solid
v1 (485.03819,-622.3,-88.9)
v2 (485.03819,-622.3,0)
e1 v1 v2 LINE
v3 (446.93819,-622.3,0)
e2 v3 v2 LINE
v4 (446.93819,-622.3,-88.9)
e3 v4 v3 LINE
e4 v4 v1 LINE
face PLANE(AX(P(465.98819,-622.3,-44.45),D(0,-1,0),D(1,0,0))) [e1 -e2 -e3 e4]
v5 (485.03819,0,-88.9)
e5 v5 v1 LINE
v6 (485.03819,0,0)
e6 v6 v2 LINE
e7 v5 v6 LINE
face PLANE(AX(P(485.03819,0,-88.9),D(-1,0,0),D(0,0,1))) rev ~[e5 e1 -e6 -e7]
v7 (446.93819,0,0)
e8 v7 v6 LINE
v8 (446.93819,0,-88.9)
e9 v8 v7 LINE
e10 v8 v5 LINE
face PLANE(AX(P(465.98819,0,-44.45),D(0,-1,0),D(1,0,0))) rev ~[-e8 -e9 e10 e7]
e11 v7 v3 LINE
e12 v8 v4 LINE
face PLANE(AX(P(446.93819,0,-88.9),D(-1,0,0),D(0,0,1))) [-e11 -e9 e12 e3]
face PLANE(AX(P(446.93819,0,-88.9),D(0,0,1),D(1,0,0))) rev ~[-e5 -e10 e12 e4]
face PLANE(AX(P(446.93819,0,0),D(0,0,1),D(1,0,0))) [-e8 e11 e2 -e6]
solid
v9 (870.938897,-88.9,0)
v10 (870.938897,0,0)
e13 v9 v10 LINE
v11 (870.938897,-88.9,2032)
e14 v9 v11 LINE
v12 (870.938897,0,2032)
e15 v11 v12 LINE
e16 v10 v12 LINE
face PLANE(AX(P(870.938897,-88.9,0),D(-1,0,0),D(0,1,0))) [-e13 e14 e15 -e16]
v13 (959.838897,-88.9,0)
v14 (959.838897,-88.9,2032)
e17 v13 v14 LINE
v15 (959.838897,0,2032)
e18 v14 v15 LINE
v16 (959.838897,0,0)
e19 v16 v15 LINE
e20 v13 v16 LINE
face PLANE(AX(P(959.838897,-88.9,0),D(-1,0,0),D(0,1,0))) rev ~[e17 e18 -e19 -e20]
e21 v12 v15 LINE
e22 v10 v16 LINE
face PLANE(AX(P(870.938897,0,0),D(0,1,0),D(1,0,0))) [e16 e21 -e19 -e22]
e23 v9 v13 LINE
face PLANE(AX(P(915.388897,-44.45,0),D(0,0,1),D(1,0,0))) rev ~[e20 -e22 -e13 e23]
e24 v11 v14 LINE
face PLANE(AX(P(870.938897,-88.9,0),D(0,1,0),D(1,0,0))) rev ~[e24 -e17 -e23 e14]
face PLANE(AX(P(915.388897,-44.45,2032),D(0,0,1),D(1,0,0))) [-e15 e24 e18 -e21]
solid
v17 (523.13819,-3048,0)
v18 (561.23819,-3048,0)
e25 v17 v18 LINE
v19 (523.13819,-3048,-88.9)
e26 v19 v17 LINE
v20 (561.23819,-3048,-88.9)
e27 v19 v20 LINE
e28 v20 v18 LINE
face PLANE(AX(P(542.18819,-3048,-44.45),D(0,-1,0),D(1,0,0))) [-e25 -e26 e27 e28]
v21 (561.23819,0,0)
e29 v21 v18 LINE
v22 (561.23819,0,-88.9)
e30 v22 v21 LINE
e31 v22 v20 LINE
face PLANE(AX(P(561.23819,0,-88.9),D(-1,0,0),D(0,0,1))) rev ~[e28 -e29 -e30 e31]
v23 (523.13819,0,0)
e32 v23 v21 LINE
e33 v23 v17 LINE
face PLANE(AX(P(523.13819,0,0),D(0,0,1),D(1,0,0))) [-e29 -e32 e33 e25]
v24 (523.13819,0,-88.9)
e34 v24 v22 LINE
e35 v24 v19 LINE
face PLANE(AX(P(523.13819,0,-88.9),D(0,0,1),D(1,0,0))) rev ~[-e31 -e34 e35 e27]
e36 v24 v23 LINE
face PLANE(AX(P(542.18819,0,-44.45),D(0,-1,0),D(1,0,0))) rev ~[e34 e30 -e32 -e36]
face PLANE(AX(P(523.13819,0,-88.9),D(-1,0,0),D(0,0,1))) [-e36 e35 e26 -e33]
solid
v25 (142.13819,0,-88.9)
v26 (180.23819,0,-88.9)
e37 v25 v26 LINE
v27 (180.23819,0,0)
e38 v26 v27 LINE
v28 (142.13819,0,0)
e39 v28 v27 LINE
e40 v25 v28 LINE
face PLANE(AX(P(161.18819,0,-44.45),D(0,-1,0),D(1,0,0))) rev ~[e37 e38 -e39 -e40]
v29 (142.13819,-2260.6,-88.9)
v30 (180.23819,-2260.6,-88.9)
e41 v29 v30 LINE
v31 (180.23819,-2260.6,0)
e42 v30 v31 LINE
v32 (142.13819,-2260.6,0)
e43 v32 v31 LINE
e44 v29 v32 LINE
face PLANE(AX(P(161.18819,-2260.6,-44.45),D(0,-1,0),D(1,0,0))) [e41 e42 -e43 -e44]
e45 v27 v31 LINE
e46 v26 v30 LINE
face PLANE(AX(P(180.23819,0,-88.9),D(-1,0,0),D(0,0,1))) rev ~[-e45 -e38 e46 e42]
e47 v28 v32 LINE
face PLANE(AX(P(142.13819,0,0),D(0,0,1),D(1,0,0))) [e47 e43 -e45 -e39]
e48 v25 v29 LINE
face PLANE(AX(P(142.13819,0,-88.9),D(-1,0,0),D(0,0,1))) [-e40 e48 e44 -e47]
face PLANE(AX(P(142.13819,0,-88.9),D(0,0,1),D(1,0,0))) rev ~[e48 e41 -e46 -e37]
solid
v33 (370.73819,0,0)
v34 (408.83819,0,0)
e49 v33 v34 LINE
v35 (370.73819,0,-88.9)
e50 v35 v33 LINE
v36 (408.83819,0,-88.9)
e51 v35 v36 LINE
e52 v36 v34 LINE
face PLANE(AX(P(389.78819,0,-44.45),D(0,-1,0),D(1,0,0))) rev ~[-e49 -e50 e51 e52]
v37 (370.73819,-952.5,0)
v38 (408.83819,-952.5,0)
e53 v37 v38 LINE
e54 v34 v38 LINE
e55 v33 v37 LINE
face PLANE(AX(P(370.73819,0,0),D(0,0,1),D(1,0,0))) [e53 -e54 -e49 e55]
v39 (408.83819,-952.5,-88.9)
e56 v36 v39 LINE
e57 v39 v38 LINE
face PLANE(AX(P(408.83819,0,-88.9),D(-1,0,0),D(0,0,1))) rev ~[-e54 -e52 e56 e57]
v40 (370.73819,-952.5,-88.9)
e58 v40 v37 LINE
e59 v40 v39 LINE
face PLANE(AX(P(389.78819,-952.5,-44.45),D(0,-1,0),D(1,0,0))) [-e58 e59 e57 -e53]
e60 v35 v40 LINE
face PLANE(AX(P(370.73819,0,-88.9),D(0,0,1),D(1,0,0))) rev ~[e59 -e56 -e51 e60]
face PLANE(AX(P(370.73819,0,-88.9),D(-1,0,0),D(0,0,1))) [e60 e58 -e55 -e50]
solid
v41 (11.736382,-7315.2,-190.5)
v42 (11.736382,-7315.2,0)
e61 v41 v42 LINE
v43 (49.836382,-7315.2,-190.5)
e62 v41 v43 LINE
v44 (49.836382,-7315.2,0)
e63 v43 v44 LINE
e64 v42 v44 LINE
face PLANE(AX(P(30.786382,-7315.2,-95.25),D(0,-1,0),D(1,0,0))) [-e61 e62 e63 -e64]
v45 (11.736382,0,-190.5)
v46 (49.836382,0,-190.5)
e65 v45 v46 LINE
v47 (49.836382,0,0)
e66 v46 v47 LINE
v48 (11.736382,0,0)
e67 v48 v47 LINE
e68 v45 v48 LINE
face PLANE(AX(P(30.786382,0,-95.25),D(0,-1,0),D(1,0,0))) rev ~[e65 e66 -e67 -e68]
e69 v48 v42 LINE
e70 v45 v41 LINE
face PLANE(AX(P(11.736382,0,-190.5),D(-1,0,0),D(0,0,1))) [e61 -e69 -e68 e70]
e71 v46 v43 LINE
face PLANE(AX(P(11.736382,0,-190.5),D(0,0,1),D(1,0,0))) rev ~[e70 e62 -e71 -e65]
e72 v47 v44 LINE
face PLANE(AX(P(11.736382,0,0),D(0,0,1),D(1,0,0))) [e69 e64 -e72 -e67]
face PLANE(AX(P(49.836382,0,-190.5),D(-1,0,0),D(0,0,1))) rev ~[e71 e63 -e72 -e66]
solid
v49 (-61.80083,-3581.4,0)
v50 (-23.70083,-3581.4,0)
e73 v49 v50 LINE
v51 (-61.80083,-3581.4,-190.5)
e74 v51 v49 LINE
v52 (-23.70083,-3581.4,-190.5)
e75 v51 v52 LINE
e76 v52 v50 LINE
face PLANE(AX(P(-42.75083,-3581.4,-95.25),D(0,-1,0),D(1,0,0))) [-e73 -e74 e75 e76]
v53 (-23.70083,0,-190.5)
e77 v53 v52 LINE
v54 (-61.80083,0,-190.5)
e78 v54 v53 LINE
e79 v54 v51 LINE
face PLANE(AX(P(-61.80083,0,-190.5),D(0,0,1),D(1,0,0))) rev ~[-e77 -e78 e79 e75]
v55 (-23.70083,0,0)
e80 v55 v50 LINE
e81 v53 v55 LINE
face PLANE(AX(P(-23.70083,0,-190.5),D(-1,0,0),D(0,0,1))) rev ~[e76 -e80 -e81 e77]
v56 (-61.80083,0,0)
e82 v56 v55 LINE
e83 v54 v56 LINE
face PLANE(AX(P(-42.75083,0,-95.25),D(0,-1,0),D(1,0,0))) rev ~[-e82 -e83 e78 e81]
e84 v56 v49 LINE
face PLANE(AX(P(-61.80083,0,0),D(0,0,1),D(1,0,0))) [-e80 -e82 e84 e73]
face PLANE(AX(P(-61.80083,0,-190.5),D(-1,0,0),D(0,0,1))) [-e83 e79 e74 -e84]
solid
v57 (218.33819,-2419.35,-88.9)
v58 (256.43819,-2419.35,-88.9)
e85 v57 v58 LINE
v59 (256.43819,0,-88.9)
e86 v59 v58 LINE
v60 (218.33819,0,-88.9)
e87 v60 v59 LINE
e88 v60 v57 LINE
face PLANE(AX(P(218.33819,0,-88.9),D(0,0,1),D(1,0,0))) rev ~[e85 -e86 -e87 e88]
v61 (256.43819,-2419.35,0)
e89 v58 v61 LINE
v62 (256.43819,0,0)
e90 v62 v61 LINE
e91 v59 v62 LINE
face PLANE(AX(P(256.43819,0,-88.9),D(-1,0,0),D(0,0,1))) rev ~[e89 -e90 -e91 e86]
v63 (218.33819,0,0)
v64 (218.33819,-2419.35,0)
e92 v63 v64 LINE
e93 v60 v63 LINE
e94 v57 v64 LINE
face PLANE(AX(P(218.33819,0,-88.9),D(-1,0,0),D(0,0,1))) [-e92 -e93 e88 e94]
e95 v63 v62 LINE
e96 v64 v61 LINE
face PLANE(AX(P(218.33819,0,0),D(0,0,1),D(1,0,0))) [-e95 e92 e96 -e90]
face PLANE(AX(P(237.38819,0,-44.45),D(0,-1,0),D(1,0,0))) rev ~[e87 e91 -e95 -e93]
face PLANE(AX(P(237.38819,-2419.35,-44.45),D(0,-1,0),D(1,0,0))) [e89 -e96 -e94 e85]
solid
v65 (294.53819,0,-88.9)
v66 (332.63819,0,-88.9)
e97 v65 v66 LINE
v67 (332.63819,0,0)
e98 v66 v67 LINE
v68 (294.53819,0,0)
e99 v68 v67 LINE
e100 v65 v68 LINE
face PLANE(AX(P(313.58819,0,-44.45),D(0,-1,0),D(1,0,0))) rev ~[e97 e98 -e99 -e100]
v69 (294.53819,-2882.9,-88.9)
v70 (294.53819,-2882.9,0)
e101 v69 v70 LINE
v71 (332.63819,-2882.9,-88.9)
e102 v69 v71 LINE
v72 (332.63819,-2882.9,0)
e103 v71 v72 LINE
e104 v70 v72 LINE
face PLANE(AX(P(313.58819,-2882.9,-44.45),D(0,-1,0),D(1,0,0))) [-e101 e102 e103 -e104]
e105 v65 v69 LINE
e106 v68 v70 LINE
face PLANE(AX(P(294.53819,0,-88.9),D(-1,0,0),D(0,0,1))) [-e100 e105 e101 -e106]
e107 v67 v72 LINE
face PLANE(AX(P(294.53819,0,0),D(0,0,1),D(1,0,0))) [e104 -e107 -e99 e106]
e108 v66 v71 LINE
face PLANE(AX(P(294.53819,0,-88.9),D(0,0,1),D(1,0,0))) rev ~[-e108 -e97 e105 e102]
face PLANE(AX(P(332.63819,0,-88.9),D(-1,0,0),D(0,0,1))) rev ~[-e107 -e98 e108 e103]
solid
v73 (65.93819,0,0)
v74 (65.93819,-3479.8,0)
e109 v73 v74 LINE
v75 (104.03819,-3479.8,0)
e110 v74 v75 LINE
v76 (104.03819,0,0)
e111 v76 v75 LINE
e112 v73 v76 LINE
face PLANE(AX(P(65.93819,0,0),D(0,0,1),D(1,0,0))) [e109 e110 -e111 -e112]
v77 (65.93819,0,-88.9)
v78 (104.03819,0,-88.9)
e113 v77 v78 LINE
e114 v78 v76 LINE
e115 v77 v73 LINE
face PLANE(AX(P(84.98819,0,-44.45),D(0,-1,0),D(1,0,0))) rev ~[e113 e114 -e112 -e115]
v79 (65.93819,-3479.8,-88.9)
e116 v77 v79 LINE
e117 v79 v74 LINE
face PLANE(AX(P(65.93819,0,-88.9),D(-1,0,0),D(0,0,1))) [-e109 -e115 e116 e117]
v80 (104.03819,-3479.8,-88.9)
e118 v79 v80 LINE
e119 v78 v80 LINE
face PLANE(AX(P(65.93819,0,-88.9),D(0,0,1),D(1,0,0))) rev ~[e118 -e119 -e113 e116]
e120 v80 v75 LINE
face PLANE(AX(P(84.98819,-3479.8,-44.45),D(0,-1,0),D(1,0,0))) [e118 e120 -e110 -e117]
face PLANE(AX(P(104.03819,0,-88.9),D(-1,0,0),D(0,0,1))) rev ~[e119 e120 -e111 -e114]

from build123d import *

# Parameters (mm, degrees)
F0_W      = 38.1
F0_H      = 190.5
F1_DEPTH  = 3581.4
F2_W      = 38.1
F2_H      = 190.5
F3_DEPTH  = 7315.2
F4_W      = 38.1
F4_H      = 88.9
F5_DEPTH  = 3479.8
F6_DEPTH  = 2260.6
F7_DEPTH  = 2419.35
F8_DEPTH  = 2882.9
F9_DEPTH  = 952.5
F10_DEPTH = 622.3
F11_W     = 88.9
F11_H     = 88.9
F12_DEPTH = 2032
F13_DEPTH = 3048


with BuildPart() as f1:
    # F0 (on Front) → F1 (new body)
    with BuildSketch(Plane.XZ):
        with Locations((-42.75083, -95.25)):
            Rectangle(F0_W, F0_H)
    extrude(amount=F1_DEPTH)


with BuildPart() as f3:
    # F2 (on Front) → F3 (new body)
    with BuildSketch(Plane.XZ):
        with Locations((30.786382, -95.25)):
            Rectangle(F2_W, F2_H)
    extrude(amount=F3_DEPTH)


with BuildPart() as f5:
    # F4 (on Front) → F5 (new body)
    with BuildSketch(Plane.XZ):
        with Locations((84.98819, -44.45)):
            Rectangle(F4_W, F4_H)
    extrude(amount=F5_DEPTH)


with BuildPart() as f6:
    # F4 (on Front) → F6 (new body)
    with BuildSketch(Plane.XZ):
        with Locations((161.18819, -44.45)):
            Rectangle(F4_W, F4_H)
    extrude(amount=F6_DEPTH)


with BuildPart() as f7:
    # F4 (on Front) → F7 (new body)
    with BuildSketch(Plane.XZ):
        with Locations((237.38819, -44.45)):
            Rectangle(F4_W, F4_H)
    extrude(amount=F7_DEPTH)


with BuildPart() as f8:
    # F4 (on Front) → F8 (new body)
    with BuildSketch(Plane.XZ):
        with Locations((313.58819, -44.45)):
            Rectangle(F4_W, F4_H)
    extrude(amount=F8_DEPTH)


with BuildPart() as f9:
    # F4 (on Front) → F9 (new body)
    with BuildSketch(Plane.XZ):
        with Locations((389.78819, -44.45)):
            Rectangle(F4_W, F4_H)
    extrude(amount=F9_DEPTH)


with BuildPart() as f10:
    # F4 (on Front) → F10 (new body)
    with BuildSketch(Plane.XZ):
        with Locations((465.98819, -44.45)):
            Rectangle(F4_W, F4_H)
    extrude(amount=F10_DEPTH)


with BuildPart() as f12:
    # F11 (on Top) → F12 (new body)
    with BuildSketch(Plane.XY):
        with Locations((915.388897, -44.45)):
            Rectangle(F11_W, F11_H)
    extrude(amount=F12_DEPTH)


with BuildPart() as f13:
    # F4 (on Front) → F13 (new body)
    with BuildSketch(Plane.XZ):
        with Locations((542.18819, -44.45)):
            Rectangle(F4_W, F4_H)
    extrude(amount=F13_DEPTH)


solid = Compound([f1.part, f3.part, f5.part, f6.part, f7.part, f8.part, f9.part, f10.part, f12.part, f13.part])
